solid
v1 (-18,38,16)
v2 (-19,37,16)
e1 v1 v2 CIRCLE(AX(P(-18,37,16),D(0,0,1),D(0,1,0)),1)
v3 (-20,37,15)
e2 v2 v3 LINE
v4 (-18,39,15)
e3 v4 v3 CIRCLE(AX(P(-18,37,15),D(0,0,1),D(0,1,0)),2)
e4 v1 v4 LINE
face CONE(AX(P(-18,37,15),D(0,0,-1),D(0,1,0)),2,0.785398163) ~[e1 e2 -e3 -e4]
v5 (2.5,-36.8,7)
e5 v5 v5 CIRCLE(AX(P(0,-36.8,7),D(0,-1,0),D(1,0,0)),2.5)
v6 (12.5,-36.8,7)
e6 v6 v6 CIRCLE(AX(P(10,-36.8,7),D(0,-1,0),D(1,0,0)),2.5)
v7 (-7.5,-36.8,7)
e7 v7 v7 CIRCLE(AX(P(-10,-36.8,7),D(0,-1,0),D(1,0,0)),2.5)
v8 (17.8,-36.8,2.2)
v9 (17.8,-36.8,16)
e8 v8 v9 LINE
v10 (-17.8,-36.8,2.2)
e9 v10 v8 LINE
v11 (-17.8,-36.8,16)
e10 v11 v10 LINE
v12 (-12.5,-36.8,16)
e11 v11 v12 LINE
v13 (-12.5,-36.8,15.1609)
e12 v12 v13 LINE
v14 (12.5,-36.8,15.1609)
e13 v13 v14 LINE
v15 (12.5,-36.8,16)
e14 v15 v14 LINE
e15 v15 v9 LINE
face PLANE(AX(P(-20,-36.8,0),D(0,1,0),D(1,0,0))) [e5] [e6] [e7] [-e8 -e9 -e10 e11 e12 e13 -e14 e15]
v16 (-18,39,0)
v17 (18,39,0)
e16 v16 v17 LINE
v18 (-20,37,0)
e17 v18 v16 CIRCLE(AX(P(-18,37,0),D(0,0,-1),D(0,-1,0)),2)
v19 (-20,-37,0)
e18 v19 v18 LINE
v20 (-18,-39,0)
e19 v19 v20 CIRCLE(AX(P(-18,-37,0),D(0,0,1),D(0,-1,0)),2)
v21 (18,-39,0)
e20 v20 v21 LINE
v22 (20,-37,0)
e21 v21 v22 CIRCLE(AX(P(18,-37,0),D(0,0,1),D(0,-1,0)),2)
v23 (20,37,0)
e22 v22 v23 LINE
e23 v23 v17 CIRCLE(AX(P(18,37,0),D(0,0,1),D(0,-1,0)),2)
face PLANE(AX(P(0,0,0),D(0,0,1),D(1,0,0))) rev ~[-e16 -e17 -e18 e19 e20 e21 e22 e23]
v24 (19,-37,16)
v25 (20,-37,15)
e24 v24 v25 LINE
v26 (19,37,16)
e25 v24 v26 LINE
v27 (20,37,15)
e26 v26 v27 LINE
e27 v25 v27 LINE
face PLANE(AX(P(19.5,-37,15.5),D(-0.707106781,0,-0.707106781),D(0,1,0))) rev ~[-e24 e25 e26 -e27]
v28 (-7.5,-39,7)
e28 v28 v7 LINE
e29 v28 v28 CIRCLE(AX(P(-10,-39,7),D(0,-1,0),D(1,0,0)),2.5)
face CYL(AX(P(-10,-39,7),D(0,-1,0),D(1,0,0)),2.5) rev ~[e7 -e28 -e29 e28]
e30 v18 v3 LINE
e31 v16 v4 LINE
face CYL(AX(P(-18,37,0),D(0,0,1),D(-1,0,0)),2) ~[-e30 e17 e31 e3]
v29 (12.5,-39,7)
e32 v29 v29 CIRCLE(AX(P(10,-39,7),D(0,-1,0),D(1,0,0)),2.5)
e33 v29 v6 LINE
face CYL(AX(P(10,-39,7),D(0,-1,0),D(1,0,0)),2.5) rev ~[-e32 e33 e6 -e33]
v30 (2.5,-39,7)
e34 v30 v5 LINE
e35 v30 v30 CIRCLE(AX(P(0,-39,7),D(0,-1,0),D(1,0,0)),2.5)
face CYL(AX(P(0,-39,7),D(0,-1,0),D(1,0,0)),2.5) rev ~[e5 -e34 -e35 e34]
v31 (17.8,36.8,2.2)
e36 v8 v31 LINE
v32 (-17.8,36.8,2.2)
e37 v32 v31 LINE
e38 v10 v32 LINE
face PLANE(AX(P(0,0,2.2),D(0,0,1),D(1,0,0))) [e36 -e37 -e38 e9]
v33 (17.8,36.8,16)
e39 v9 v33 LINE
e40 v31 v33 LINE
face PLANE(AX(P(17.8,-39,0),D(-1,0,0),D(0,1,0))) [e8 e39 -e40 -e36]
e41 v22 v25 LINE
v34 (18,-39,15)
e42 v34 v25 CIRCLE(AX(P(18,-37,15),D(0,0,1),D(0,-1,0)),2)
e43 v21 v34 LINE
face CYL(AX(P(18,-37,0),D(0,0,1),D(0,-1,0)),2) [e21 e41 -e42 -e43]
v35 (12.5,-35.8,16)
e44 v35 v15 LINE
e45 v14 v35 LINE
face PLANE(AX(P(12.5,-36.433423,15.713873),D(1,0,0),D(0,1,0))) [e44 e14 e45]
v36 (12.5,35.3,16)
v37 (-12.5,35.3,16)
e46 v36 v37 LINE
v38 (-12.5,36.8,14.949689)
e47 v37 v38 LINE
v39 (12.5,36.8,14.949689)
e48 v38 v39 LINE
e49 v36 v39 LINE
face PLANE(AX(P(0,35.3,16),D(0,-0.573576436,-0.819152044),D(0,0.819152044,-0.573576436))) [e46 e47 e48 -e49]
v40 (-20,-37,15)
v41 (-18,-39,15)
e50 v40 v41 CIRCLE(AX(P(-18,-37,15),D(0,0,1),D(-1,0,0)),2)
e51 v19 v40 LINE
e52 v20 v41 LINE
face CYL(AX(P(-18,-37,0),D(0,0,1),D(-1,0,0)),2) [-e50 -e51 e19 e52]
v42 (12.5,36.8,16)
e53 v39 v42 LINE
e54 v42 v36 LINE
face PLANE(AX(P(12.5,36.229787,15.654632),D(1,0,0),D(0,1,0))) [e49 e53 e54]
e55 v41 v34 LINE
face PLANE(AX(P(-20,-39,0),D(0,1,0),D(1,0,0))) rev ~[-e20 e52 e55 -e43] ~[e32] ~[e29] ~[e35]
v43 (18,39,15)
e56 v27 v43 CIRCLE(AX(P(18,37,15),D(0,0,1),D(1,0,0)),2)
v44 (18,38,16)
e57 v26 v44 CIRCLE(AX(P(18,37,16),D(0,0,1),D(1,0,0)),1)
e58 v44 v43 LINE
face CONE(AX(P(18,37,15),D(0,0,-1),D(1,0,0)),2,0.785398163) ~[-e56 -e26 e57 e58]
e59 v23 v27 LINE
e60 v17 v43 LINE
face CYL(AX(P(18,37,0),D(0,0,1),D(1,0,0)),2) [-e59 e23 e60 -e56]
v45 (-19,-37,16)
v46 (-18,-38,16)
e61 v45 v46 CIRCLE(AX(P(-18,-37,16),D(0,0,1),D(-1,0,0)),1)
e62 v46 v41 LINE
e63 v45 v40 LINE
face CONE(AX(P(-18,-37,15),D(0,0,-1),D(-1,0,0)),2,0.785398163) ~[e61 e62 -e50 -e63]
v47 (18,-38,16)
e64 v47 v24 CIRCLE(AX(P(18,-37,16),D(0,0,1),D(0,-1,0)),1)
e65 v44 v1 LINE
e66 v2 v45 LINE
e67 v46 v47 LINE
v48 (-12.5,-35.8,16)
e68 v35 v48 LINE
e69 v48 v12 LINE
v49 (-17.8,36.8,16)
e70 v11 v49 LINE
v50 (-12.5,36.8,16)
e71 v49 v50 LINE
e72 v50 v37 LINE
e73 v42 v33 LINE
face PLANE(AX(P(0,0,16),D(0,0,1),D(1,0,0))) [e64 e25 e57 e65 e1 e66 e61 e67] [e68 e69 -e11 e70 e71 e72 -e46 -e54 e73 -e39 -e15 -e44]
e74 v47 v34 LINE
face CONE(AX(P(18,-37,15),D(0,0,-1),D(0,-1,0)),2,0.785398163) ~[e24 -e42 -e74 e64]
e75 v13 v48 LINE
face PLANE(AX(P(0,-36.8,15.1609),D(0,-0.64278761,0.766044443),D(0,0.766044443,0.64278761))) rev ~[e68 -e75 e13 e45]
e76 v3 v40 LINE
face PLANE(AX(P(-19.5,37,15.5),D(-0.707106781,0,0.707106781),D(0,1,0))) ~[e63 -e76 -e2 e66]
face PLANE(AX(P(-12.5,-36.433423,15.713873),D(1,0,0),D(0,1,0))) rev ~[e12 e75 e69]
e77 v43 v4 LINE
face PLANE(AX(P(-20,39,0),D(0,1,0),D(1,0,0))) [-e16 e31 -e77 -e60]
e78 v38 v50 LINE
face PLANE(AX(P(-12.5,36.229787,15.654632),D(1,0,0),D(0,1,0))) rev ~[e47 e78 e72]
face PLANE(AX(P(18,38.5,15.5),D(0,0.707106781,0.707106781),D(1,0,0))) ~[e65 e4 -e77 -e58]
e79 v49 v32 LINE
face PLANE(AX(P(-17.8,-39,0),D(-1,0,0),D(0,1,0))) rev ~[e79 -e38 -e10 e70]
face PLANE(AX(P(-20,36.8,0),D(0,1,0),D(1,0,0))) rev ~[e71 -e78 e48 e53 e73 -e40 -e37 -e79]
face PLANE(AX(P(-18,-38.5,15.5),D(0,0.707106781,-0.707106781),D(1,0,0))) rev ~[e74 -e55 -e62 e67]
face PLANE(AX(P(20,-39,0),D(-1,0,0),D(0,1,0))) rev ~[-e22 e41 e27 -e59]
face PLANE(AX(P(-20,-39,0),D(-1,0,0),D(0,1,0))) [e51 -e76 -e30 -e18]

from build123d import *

# Parameters (mm, degrees)
F0_W     = 40
F0_H     = 78
F1_DEPTH = 16
F2_R     = 2
F3_T     = -2.2
F4_R     = 2.5
F5_DEPTH = 2.2
F7_DEPTH = 12.5
F8_SIZE  = 1


with BuildPart() as f1:
    # F0 (on Top) → F1 (new body)
    with BuildSketch(Plane.XY):
        Rectangle(F0_W, F0_H)
    extrude(amount=F1_DEPTH)

    # F2
    f2_edges = [f1.edges().sort_by_distance(p)[0] for p in [
        (-20, -39, 8),
        (20, -39, 8),
        (-20, 39, 8),
        (20, 39, 8),
    ]]
    fillet(f2_edges, radius=F2_R)

    # F3
    f3_openings = [f1.faces().sort_by_distance(p)[0] for p in [
        (0, 0, 16),
    ]]
    offset(amount=F3_T, openings=f3_openings)

    # F4 (on face) → F5 (cut, through all)
    with BuildSketch(Plane.XZ.offset(39)):
        with Locations((-10, 7)):
            Circle(F4_R)
        with Locations((0, 7)):
            Circle(F4_R)
        with Locations((10, 7)):
            Circle(F4_R)
    extrude(amount=-F5_DEPTH, mode=Mode.SUBTRACT)

    # F6 (on Right) → F7 (join, symmetric)
    with BuildSketch(Plane.YZ):
        Polygon((-36.8, 16), (-36.8, 15.1609003688), (-35.8, 16), align=None)
        Polygon((35.3, 16), (36.8, 14.9496886927), (36.8, 16), align=None)
    extrude(amount=F7_DEPTH, both=True)

    # F8
    f8_edges = [f1.edges().sort_by_distance(p)[0] for p in [
        (0, -39, 16),
    ]]
    chamfer(f8_edges, length=F8_SIZE)


solid = f1.part
